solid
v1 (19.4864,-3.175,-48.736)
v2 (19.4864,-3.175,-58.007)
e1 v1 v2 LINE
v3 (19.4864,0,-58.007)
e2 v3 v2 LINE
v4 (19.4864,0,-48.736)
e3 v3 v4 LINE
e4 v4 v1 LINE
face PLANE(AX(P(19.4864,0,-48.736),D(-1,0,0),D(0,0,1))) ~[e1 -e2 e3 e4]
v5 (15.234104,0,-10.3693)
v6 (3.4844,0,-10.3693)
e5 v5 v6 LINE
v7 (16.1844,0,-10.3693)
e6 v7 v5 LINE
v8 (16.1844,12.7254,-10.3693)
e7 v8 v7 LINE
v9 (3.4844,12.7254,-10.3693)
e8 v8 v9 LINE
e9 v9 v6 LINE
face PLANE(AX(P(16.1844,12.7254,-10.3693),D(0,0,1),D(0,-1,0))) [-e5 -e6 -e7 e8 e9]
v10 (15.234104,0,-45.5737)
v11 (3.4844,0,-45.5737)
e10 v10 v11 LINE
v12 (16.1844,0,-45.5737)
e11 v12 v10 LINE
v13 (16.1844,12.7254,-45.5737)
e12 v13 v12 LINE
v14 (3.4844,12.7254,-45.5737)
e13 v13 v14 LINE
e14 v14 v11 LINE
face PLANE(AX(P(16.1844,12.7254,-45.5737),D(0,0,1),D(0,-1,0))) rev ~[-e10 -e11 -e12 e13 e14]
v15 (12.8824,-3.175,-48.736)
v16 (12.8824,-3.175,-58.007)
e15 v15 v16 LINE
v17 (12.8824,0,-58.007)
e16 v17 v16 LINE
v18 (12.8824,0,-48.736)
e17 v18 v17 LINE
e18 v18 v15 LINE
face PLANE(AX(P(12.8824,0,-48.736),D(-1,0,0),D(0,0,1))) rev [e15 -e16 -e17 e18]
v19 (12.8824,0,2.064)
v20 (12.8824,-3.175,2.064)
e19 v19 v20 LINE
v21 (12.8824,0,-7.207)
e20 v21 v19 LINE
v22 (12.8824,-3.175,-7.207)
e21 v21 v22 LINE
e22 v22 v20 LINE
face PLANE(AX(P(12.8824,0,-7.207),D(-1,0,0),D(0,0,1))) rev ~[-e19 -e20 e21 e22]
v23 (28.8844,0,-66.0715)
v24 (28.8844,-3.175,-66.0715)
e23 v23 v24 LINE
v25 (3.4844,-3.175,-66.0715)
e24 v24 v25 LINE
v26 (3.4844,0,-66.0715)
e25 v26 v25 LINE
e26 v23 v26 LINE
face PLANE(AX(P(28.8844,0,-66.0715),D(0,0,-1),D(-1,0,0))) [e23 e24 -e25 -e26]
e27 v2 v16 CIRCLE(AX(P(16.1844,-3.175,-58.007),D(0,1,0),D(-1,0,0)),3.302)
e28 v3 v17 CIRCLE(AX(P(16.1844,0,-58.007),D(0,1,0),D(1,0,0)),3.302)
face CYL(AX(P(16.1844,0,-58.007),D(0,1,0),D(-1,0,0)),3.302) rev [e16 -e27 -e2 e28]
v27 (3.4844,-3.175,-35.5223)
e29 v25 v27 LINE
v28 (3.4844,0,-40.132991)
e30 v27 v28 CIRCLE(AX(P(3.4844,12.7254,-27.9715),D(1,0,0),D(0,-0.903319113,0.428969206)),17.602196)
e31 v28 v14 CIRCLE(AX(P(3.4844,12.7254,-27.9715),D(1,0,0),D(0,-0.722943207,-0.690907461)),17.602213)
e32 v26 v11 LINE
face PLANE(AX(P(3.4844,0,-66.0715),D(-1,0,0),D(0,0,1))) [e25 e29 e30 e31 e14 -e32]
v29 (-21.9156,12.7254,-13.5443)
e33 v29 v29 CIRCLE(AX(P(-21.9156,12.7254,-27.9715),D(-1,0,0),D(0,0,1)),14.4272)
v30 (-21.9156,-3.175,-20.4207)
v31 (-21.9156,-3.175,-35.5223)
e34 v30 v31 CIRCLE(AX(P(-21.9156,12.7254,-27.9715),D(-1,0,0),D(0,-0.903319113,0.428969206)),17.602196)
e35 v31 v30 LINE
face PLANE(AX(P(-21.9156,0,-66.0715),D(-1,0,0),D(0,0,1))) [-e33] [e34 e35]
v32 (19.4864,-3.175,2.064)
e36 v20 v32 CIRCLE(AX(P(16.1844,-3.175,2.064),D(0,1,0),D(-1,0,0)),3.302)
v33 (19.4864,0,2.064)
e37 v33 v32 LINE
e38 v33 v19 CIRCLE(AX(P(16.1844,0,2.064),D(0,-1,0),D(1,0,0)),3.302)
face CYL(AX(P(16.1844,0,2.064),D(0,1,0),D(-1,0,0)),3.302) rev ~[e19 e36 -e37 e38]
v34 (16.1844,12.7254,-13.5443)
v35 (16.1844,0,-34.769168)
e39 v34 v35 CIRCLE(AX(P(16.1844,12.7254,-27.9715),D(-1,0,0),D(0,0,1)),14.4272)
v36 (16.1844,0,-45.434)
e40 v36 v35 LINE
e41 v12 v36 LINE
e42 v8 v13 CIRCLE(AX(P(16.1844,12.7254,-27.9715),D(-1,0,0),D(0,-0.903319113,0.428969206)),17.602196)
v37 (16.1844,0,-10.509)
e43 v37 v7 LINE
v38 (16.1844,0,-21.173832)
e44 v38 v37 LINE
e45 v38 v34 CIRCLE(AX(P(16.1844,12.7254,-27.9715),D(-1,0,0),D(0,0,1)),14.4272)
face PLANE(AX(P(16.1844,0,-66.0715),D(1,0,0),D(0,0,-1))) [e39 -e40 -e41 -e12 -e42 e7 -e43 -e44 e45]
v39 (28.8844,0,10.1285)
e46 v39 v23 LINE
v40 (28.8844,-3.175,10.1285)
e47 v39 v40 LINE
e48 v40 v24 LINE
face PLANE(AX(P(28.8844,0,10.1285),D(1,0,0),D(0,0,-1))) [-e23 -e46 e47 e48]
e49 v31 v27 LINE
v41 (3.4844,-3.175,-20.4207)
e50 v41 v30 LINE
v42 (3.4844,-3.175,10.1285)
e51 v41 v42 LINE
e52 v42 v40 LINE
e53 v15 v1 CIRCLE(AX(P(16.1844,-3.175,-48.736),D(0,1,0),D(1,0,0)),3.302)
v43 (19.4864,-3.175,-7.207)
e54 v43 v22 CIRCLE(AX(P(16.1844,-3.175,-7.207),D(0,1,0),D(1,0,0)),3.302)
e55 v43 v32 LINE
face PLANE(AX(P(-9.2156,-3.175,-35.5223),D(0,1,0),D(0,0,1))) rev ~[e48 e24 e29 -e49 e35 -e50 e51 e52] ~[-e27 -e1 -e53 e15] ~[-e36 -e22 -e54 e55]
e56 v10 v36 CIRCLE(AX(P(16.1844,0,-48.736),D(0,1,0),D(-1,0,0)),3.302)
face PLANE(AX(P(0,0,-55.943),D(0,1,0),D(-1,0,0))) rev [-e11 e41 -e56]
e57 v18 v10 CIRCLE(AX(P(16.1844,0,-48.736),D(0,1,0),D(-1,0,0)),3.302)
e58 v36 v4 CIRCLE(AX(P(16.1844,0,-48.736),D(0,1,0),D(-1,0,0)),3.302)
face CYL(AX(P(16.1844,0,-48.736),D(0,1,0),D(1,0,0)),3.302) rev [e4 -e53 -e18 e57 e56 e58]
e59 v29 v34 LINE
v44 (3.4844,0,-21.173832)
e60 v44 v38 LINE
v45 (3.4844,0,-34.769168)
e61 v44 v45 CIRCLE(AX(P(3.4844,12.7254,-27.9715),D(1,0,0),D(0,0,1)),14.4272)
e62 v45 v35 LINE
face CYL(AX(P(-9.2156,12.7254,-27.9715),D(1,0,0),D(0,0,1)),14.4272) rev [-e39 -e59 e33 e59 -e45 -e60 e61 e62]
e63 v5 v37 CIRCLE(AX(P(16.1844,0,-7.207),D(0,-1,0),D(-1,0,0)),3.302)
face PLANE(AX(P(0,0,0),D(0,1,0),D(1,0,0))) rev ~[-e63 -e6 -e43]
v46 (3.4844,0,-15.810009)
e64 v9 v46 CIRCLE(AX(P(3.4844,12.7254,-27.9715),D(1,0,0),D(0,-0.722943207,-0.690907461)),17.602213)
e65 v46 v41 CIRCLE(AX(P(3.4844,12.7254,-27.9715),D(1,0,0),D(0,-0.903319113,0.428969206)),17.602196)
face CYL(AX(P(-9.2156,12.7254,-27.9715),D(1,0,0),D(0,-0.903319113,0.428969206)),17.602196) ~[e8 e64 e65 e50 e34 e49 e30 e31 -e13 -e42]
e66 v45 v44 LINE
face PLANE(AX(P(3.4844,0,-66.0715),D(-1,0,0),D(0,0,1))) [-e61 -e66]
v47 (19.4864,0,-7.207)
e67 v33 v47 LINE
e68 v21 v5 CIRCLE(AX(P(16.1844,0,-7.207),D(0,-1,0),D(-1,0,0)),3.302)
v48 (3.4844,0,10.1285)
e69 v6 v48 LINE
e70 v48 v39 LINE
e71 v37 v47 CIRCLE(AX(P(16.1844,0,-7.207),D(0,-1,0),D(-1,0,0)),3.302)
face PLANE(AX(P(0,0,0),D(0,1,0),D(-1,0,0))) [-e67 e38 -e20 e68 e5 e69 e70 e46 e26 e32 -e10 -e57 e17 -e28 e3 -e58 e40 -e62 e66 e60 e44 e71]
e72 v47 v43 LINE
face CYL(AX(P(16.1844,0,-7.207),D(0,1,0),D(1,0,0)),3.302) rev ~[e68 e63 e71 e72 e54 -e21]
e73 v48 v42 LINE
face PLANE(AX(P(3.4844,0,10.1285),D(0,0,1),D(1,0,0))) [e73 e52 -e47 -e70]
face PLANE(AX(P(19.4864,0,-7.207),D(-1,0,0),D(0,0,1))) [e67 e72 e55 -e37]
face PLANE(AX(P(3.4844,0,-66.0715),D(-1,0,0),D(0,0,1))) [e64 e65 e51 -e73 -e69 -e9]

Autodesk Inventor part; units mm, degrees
ref_plane "YZ Plane" through (0, 0, 0) normal (1, 0, 0) x (0, 1, 0)
ref_plane "XZ Plane" through (0, 0, 0) normal (0, 1, 0) x (-1, 0, 0)
sketch "Sketch1" plane through (0, 0, 0) normal (0, 1, 0) x (-1, 0, 0)
  line L0 (-3.4844, 10.1285) -> (-28.8844, 10.1285)
  line L1 (-28.8844, 10.1285) -> (-28.8844, -66.0715)
  line L2 (-28.8844, -66.0715) -> (-3.4844, -66.0715)
  line L3 (-3.4844, -66.0715) -> (-3.4844, 10.1285)
  dimension "d0" = 25.4
  dimension "d1" = 76.2
extrude "Extrusion1" add sketch "Sketch1" against normal blind 3.175
sketch "Sketch7" plane through (3.4844, 0, -66.0715) normal (-1, 0, 0) x (0, 0, 1)
  line L0 (76.2, -3.175) -> (0, -3.175) projected
  circle A0 centre (38.1, 12.7254) radius 6.35
  circle A1 centre (38.1, 12.7254) radius 14.4272
  arc A2 (45.6508, -3.175) -> (30.5492, -3.175) centre (38.1, 12.7254) ccw
  point P0 (38.1, -3.175)
  dimension "d24" = 15.9004
  dimension "d25" = 12.7
  dimension "d26" = 28.8544
  dimension "d57" = 3.175
extrude "Extrusion7" add sketch "Sketch7" along normal mid plane 25.4 contours L0 A2
sketch "Sketch8" plane through (16.1844, 0, -66.0715) normal (1, 0, 0) x (0, 0, -1)
  line L0 (-25.9385, 0) -> (-31.3023, 0) projected
  arc A0 (-25.9385, 0) -> (-50.2615, 0) centre (-38.1, 12.7254) ccw projected
  arc A1 (-30.5492, -3.175) -> (-45.6508, -3.175) centre (-38.1, 12.7254) ccw projected
  line L1 (-55.7022, 12.7254) -> (-55.7022, 0)
  line L2 (-50.2615, 0) -> (-76.2, 0) projected
  line L3 (-20.4978, 12.7254) -> (-20.4978, 0)
  line L4 (-76.2, 0) -> (0, 0) projected
extrude "Extrusion8" add sketch "Sketch8" against normal blind 12.7 contours A0 L3 L4 | L2 L1 A0
sketch "Sketch10" plane through (0, 0, 0) normal (0, 1, 0) x (1, 0, 0)
  arc A0 (12.8824, -2.064) -> (19.4864, -2.064) centre (16.1844, -2.064) ccw
  arc A1 (19.4864, 7.207) -> (12.8824, 7.207) centre (16.1844, 7.207) ccw
  line L0 (12.8824, 7.207) -> (12.8824, -2.064)
  line L1 (19.4864, 7.207) -> (19.4864, -2.064)
  line L2 (19.4864, 2.5715) -> (20.5922, 2.5715)
  line L3 (29.0114, 27.9715) -> (23.9538, 27.9715)
  line L4 (16.1844, 10.509) -> (16.1844, -5.366)
  line L5 (28.8844, 66.0715) -> (3.4844, 66.0715) projected
  line L6 (28.8844, -10.1285) -> (28.8844, 66.0715) projected
  dimension "d43" = 6.604
  dimension "d44" = 6.604
  dimension "d45" = 25.4
  dimension "d53" = 15.875
extrude "Extrusion10" cut sketch "Sketch10" against normal blind 25.4
sketch "Sketch11" plane through (-9.2156, 0, -66.0715) normal (-1, 0, 0) x (0, 0, 1)
  circle A0 centre (38.1, 12.7254) radius 14.4272 projected
  arc A1 (45.6508, -3.175) -> (30.5492, -3.175) centre (38.1, 12.7254) ccw projected
  line L0 (30.5492, -3.175) -> (45.6508, -3.175) projected
extrude "Extrusion11" add sketch "Sketch11" along normal blind 12.7
ref_plane "Work Plane2" through (3.4844, 0, -27.9715) normal (0, 0, 1) x (1, 0, 0)
mirror "Mirror1" about plane through (3.4844, 0, -27.9715) normal (0, 0, 1) of "Extrusion10"
properties part number "Bearing mount"
